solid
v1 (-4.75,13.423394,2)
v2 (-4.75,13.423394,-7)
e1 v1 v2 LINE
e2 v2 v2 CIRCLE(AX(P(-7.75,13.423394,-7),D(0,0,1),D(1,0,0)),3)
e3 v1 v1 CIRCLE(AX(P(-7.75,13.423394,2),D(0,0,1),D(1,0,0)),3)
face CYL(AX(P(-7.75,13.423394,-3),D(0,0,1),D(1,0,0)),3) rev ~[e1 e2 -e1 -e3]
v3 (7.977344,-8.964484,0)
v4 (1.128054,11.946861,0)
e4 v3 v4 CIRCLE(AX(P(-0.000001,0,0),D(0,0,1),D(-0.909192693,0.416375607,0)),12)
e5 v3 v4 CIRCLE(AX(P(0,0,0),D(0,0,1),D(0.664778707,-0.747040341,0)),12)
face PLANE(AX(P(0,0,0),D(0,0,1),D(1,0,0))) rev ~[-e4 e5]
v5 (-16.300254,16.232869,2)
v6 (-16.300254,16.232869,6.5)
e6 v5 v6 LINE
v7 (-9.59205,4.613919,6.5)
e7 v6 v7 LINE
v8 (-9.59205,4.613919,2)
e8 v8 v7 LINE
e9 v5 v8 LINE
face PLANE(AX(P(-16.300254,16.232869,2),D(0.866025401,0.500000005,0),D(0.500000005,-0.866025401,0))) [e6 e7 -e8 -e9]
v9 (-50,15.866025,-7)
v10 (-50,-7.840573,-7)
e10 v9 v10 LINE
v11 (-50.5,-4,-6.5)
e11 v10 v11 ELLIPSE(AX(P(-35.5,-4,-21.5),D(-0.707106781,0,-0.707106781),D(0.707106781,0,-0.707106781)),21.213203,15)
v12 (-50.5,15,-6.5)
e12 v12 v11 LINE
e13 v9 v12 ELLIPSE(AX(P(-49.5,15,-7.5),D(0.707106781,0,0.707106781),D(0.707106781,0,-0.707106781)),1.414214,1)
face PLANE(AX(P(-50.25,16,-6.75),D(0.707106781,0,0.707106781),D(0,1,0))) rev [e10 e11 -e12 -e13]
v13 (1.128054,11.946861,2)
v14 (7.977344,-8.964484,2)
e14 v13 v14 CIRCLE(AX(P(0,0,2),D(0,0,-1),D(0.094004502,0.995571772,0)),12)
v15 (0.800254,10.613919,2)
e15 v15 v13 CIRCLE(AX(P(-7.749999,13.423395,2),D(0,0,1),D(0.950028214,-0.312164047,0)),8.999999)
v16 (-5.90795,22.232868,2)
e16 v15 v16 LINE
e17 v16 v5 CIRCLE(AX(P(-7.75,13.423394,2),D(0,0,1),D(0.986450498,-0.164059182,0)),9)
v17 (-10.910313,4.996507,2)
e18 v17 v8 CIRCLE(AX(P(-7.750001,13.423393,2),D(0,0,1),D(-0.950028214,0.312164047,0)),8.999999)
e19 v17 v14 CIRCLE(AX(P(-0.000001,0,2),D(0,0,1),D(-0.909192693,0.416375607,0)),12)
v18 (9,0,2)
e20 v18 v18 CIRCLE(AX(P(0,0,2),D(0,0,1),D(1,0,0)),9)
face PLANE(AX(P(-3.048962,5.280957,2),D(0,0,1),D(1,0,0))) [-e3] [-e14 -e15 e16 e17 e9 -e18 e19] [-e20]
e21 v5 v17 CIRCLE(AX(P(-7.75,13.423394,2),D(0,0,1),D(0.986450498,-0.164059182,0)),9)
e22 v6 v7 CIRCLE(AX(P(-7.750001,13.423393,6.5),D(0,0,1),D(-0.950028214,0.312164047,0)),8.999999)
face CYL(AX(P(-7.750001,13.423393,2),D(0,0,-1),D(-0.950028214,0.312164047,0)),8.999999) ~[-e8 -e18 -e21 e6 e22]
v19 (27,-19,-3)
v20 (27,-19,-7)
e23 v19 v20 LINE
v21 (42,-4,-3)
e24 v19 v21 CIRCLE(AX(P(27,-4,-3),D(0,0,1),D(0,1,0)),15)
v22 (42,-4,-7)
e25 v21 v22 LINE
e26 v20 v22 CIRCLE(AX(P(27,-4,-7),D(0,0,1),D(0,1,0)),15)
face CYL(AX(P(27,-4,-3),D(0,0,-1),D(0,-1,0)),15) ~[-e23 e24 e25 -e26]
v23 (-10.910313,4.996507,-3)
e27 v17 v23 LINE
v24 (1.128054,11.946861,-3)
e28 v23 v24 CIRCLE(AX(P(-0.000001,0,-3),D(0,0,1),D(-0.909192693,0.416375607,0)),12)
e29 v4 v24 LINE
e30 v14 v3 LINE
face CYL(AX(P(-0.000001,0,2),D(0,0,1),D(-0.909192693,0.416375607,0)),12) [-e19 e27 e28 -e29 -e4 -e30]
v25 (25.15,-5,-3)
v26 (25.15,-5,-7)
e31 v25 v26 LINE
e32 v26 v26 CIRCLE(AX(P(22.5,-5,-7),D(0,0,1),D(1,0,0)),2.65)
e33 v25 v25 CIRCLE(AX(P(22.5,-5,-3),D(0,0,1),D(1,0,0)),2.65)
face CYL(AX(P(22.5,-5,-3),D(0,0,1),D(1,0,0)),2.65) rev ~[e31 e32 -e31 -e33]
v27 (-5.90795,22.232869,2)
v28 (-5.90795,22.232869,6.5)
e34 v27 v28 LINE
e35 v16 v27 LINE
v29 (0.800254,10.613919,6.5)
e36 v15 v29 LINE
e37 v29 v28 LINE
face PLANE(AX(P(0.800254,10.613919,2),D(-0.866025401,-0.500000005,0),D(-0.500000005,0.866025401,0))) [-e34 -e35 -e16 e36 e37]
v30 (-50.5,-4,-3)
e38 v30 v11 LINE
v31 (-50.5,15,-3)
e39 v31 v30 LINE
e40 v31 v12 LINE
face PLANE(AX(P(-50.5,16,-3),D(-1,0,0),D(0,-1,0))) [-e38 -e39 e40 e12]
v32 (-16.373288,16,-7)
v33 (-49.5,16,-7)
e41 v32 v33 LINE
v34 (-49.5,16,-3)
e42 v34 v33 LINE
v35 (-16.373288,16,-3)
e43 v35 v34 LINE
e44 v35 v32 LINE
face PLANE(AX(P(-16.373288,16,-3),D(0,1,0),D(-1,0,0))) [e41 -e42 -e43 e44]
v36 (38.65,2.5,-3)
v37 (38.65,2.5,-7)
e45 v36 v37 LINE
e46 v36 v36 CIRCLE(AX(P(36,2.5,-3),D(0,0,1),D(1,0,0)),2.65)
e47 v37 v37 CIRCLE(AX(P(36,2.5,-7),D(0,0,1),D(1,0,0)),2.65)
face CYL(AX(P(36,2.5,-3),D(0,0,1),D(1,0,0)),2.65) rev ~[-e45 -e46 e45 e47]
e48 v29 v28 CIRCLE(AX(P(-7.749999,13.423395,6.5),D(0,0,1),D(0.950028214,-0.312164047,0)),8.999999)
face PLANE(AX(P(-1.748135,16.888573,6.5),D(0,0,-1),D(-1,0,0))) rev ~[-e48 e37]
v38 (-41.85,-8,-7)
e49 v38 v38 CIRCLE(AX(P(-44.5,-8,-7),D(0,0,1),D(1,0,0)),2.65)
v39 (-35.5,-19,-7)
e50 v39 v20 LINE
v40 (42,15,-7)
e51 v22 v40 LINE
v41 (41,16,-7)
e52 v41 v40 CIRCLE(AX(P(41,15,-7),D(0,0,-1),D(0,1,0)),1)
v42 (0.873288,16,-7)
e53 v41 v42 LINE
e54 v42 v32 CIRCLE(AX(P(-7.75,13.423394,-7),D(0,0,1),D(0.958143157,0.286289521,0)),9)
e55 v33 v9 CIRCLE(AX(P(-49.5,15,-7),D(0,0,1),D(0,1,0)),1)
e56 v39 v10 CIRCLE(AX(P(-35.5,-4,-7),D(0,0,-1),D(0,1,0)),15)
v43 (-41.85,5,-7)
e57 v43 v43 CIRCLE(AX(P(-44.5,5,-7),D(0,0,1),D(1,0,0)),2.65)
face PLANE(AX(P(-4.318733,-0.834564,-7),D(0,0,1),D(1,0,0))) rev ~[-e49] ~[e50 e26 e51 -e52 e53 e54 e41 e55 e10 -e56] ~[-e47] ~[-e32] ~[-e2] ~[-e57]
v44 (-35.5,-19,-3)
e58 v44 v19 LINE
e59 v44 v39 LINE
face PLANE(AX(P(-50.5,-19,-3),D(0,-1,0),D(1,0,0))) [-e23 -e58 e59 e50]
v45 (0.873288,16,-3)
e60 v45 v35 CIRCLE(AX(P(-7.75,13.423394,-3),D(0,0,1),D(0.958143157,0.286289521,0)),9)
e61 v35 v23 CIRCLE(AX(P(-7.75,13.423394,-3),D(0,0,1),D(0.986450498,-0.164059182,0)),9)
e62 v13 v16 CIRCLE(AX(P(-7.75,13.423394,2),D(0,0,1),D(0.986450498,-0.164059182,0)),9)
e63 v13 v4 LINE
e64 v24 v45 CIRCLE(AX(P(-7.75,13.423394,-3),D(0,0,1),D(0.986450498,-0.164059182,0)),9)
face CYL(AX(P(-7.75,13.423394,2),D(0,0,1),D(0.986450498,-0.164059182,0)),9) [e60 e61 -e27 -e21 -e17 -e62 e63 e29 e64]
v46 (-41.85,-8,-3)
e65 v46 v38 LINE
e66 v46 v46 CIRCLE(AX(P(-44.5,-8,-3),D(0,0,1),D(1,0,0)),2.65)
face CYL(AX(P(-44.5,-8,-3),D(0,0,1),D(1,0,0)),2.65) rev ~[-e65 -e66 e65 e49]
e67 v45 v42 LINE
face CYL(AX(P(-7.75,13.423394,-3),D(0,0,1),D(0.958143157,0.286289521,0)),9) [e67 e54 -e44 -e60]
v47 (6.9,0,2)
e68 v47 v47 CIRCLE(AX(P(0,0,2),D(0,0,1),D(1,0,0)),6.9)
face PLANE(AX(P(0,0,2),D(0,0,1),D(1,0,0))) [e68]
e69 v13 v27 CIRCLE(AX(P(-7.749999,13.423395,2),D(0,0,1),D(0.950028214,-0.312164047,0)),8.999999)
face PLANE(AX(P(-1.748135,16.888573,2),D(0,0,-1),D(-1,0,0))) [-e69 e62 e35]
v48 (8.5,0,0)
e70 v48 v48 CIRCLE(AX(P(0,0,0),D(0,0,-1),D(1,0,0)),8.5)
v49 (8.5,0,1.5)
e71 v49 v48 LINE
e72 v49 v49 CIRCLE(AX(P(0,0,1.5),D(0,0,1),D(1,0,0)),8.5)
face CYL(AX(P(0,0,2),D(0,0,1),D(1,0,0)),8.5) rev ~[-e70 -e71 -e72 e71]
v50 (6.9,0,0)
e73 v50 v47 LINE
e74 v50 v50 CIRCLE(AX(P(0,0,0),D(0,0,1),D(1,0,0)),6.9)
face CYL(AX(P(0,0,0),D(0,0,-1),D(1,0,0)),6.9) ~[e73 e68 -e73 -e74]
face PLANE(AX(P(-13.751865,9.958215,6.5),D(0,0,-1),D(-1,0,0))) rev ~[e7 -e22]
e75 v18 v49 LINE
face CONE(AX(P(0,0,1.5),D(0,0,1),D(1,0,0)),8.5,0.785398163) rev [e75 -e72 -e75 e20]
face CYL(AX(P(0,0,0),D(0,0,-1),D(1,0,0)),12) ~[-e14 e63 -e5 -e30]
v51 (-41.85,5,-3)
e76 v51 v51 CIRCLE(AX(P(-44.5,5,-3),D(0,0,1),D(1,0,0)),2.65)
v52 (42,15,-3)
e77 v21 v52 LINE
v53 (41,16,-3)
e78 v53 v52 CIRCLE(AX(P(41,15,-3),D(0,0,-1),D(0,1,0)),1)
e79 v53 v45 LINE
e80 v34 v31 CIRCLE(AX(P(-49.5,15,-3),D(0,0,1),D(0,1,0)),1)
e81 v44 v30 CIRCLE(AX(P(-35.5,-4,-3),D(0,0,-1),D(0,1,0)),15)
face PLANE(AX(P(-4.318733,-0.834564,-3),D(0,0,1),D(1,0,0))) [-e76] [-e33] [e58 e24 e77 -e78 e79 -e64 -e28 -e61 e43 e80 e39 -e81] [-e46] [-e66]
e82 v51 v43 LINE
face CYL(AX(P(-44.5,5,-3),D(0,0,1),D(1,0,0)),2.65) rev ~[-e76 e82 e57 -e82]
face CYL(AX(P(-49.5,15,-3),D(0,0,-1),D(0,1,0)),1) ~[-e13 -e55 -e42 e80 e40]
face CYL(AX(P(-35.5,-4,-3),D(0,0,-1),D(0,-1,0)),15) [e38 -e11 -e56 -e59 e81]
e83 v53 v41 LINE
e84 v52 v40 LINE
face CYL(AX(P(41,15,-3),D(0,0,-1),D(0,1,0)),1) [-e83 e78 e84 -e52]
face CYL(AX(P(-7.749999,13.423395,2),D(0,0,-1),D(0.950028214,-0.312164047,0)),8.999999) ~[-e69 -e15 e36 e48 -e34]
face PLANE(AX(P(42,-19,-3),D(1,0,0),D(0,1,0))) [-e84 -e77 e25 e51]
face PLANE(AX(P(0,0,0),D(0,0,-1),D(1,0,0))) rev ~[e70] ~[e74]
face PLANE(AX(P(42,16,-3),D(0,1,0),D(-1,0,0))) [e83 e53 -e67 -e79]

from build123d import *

# Parameters (mm, degrees)
SKETCH_R        = 12
SKETCH_R_2      = 8.5
PAD_DEPTH       = 2
SKETCH001_R     = 8.5
SKETCH001_R_2   = 3
PAD001_DEPTH    = 5
SKETCH002_R     = 8.5
PAD002_DEPTH    = 3
SKETCH003_R     = 6.9
PAD003_DEPTH    = 2
PAD004_DEPTH    = 4.5
SKETCH005_R     = 2.65
PAD005_DEPTH    = 4
SKETCH006_R     = 3
POCKET_DEPTH    = 5
CHAMFER_SIZE    = 0.5
CHAMFER001_SIZE = 0.5
FILLET_R        = 15
FILLET001_R     = 1


with BuildPart() as part:
    # Sketch → Pad (new body)
    with BuildSketch(Plane.XY):
        Circle(SKETCH_R)
        Circle(SKETCH_R_2, mode=Mode.SUBTRACT)
    extrude(amount=PAD_DEPTH)

    # Sketch001 (on Face4 of Pad) → Pad001 (join)
    with BuildSketch(Plane.XY.offset(2)):
        with BuildLine():
            ThreePointArc((1.128054, 11.946861), (-12.25, 21.217622), (-10.910313, 4.996507))
            ThreePointArc((-10.910313, 4.996507), (6, -10.392305), (1.128054, 11.946861))
        make_face()
        Circle(SKETCH001_R, mode=Mode.SUBTRACT)
        with Locations((-7.75, 13.423394)):
            Circle(SKETCH001_R_2, mode=Mode.SUBTRACT)
    extrude(amount=-PAD001_DEPTH)

    # Sketch002 (on Face6 of Pad001) → Pad002 (join)
    with BuildSketch(Plane(origin=(0, 0, -3), x_dir=(1, 0, 0), z_dir=(0, 0, -1))):
        Circle(SKETCH002_R)
    extrude(amount=-PAD002_DEPTH)

    # Sketch003 (on Face11 of Pad002) → Pad003 (join)
    with BuildSketch(Plane.XY):
        Circle(SKETCH003_R)
    extrude(amount=PAD003_DEPTH)

    # Sketch004 (on Face7 of Pad003) → Pad004 (join)
    with BuildSketch(Plane.XY.offset(2)):
        with BuildLine():
            Line((-16.300254, 16.232869), (-9.59205, 4.613919))
            ThreePointArc((-16.300254, 16.232869), (-15.544229, 8.923394), (-9.59205, 4.613919))
        make_face()
        with BuildLine():
            Line((0.800254, 10.613919), (-5.90795, 22.232869))
            ThreePointArc((0.800254, 10.613919), (0.044229, 17.923394), (-5.90795, 22.232869))
        make_face()
    extrude(amount=PAD004_DEPTH)

    # Sketch005 (on Face19 of Pad004) → Pad005 (join)
    with BuildSketch(Plane.XY.offset(-3)):
        with BuildLine():
            ThreePointArc((0.873288, 16), (-7.75, 22.423394), (-16.373288, 16))
            Line((-16.373288, 16), (-50.5, 16))
            Line((-50.5, 16), (-50.5, -19))
            Line((-50.5, -19), (42, -19))
            Line((42, -19), (42, 16))
            Line((42, 16), (0.873288, 16))
        make_face()
        with Locations((-44.5, -8)):
            Circle(SKETCH005_R, mode=Mode.SUBTRACT)
        with Locations((-44.5, 5)):
            Circle(SKETCH005_R, mode=Mode.SUBTRACT)
        with Locations((22.5, -5)):
            Circle(SKETCH005_R, mode=Mode.SUBTRACT)
        with Locations((36, 2.5)):
            Circle(SKETCH005_R, mode=Mode.SUBTRACT)
    extrude(amount=-PAD005_DEPTH)

    # Sketch006 → Pocket (cut)
    with BuildSketch(Plane.XY.offset(-3)):
        with Locations((-7.75, 13.423394)):
            Circle(SKETCH006_R)
    extrude(amount=-POCKET_DEPTH, mode=Mode.SUBTRACT)

    # Chamfer
    chamfer_edges = [part.edges().sort_by_distance(p)[0] for p in [
        (-8.5, 0, 2),
    ]]
    chamfer(chamfer_edges, length=CHAMFER_SIZE)

    # Chamfer001
    chamfer001_edges = [part.edges().sort_by_distance(p)[0] for p in [
        (-50.5, -1.5, -7),
    ]]
    chamfer(chamfer001_edges, length=CHAMFER001_SIZE)

    # Fillet
    fillet_edges = [part.edges().sort_by_distance(p)[0] for p in [
        (42, -19, -5),
        (-50.5, -19, -4.75),
    ]]
    fillet(fillet_edges, radius=FILLET_R)

    # Fillet001
    fillet001_edges = [part.edges().sort_by_distance(p)[0] for p in [
        (42, 16, -5),
        (-50.5, 16, -4.75),
    ]]
    fillet(fillet001_edges, radius=FILLET001_R)


solid = part.part
